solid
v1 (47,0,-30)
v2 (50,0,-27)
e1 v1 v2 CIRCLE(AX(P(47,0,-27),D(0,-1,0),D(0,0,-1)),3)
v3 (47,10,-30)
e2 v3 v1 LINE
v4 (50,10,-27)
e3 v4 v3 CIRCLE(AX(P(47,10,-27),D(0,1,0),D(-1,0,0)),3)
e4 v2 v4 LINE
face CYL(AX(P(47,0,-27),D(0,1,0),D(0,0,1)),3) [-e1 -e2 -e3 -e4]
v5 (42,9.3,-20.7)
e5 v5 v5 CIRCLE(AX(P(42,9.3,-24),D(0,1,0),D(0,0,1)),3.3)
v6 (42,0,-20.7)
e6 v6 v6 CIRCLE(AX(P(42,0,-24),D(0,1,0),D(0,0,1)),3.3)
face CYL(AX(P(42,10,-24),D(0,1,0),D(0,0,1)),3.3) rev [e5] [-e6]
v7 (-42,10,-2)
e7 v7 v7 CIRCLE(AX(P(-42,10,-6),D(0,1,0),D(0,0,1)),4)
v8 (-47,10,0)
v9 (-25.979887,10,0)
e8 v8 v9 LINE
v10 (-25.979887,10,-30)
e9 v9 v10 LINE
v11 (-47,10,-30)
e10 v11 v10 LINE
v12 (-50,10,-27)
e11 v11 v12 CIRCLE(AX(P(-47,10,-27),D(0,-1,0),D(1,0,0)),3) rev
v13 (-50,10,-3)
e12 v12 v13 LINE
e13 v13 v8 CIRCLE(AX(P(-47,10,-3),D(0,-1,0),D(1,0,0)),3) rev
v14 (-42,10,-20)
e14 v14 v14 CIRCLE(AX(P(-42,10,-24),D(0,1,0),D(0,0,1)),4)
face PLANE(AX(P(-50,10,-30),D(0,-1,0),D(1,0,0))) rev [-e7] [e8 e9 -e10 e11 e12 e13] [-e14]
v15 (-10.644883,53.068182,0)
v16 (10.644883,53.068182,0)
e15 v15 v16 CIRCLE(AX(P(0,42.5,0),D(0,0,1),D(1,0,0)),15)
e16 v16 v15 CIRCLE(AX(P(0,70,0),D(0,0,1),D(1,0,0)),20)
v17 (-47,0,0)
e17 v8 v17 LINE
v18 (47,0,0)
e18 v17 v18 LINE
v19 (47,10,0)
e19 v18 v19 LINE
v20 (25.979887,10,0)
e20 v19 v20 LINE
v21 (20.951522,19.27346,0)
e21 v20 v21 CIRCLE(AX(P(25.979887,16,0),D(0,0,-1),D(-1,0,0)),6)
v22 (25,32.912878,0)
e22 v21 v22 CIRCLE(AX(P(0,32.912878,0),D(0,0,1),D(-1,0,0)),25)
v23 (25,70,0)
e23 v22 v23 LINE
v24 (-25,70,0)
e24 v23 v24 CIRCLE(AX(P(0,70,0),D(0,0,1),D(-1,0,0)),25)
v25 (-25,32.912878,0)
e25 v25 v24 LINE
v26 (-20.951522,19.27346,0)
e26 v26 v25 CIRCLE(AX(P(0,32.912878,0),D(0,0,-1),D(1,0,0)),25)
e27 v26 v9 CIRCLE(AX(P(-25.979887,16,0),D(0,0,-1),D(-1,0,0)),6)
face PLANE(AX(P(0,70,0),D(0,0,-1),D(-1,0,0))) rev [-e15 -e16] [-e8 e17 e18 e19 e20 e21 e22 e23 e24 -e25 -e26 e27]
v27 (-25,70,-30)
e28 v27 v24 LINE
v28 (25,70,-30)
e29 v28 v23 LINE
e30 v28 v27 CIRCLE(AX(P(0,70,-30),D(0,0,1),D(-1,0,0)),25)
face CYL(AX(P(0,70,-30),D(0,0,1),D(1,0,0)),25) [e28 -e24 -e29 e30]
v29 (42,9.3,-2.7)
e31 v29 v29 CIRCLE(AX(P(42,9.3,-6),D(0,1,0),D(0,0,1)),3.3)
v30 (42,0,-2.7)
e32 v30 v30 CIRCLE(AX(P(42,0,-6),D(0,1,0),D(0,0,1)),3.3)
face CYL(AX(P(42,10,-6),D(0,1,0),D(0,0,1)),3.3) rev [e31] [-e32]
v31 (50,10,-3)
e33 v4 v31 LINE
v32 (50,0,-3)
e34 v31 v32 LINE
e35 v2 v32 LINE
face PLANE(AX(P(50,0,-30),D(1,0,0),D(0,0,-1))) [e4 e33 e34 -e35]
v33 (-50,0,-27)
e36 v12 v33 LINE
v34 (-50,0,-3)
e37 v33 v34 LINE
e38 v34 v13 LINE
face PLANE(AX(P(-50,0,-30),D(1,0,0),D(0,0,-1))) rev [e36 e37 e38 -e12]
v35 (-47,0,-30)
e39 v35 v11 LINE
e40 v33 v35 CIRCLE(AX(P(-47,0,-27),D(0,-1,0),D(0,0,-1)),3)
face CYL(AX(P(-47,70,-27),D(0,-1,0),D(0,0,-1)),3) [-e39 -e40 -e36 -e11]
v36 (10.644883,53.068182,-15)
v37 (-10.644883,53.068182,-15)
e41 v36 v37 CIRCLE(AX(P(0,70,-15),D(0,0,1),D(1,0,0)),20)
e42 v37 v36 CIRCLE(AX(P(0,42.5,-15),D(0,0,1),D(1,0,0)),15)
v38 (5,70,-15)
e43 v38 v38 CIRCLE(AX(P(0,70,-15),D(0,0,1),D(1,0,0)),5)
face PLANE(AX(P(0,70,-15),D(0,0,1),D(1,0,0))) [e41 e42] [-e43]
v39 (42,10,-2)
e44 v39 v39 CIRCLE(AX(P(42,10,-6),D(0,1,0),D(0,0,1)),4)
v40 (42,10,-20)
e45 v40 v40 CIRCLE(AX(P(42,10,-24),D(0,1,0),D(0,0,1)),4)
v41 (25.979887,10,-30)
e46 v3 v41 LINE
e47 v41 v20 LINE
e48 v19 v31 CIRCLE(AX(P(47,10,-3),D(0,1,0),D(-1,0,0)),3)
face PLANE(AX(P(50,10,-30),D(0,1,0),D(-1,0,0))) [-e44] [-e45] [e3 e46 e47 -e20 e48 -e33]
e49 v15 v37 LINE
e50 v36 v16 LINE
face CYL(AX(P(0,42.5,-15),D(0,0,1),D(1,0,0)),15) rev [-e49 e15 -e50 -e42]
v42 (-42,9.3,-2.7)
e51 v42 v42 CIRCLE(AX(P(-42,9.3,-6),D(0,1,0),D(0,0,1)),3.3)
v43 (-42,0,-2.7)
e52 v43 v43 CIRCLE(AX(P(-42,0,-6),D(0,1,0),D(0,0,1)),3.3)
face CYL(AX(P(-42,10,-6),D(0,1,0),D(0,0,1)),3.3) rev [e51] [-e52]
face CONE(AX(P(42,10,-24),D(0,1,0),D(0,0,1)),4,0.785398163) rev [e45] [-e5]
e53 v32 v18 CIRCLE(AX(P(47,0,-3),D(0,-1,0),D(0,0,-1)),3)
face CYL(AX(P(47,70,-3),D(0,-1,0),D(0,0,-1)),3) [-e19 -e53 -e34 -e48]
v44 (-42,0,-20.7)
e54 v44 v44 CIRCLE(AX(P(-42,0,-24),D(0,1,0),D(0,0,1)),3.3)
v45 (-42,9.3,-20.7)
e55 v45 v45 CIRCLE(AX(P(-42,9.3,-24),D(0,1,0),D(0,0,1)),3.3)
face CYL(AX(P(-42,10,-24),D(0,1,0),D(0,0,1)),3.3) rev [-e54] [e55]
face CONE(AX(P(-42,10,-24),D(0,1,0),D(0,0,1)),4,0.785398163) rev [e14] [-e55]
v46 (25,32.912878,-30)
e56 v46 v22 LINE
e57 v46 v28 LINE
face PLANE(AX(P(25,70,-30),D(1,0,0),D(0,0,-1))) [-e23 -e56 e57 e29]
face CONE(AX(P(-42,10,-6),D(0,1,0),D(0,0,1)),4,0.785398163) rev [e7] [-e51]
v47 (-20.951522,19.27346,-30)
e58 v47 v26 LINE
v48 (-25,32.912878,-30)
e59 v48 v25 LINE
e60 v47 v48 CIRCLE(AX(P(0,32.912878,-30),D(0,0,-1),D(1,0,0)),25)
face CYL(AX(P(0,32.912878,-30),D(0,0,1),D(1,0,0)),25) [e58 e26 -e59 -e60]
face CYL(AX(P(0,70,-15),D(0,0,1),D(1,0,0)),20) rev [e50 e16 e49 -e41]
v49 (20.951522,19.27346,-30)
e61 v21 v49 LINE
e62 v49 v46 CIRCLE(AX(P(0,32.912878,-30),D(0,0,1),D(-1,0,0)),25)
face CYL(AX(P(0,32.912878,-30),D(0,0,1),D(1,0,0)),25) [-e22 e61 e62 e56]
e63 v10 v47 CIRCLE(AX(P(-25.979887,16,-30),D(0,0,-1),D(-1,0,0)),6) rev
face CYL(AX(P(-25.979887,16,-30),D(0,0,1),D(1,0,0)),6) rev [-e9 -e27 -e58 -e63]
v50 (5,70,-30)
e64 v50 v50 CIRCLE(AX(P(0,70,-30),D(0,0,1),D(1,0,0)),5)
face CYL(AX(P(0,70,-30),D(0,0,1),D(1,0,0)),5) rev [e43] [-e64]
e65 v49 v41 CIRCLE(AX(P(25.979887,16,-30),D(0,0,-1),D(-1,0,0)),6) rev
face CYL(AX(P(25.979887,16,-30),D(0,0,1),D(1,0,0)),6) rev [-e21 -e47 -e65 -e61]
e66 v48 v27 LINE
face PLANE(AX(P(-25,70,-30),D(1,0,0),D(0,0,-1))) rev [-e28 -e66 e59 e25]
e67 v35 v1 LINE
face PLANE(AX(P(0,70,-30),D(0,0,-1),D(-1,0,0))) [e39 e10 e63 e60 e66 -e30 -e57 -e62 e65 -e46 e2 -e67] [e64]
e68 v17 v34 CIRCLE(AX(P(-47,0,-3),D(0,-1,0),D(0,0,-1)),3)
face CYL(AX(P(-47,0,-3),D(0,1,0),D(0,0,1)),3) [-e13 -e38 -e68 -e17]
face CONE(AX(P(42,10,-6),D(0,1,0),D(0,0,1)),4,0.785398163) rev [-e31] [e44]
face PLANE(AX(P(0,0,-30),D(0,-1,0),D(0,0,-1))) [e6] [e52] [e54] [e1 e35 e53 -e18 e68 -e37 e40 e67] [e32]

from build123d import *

# Parameters (mm, degrees)
EXTRUDE_1_DEPTH             = 30
SKETCH_5_R                  = 20
CUT_EXTRUDE_1_DEPTH         = 15
SKETCH_6_R                  = 5
CUT_EXTRUDE_2_DEPTH         = 109.397416943
FILLET_1_R                  = 6
SKETCH_7_R                  = 15
CUT_EXTRUDE_3_DEPTH         = 15
HOLE_WIZARD_M62_D           = 6.6
HOLE_WIZARD_M62_CSINK_D     = 8
HOLE_WIZARD_M62_CSINK_ANGLE = 90
PATTERN_LINEAR_1_COUNT      = 2
PATTERN_LINEAR_1_PITCH      = 18
PATTERN_LINEAR_1_COUNT_DIR2 = 2
PATTERN_LINEAR_1_PITCH_DIR2 = 84
FILLET_2_R                  = 3


with BuildPart() as part:
    # Эскиз4 → Бобышка-Вытянуть1 (new body)
    with BuildSketch(Plane.XY):
        with BuildLine():
            Line((0, 0), (50, 0))
            Line((50, 0), (50, 10))
            Line((50, 10), (10, 10))
            ThreePointArc((10, 10), (20.916500663, 19.219814537), (25, 32.912878475))
            Line((25, 32.912878475), (25, 70))
            ThreePointArc((25, 70), (17.67766953, 87.67766953), (0, 95))
            Line((0, 95), (0, 0))
        make_face()
    extrude_1 = extrude(amount=-EXTRUDE_1_DEPTH)

    # Зеркальное отражение1: Бобышка-Вытянуть1 across plane
    add(extrude_1.mirror(Plane(origin=(0, 0, -30), x_dir=(0, 0, 1), z_dir=(-1, 0, 0))))

    # Эскиз5 → Вырез-Вытянуть1 (cut)
    with BuildSketch(Plane.XY):
        with Locations((0, 70)):
            Circle(SKETCH_5_R)
    extrude(amount=-CUT_EXTRUDE_1_DEPTH, mode=Mode.SUBTRACT)

    # Эскиз6 → Вырез-Вытянуть2 (cut, through all)
    with BuildSketch(Plane.XY.offset(-15)):
        with Locations((0, 70)):
            Circle(SKETCH_6_R)
    extrude(amount=-CUT_EXTRUDE_2_DEPTH, mode=Mode.SUBTRACT)

    # Скругление1
    fillet_1_edges = [part.edges().sort_by_distance(p)[0] for p in [
        (10, 10, -15),
        (-10, 10, -15),
    ]]
    fillet(fillet_1_edges, radius=FILLET_1_R)

    # Эскиз7 → Вырез-Вытянуть3 (cut)
    with BuildSketch(Plane.XY):
        with Locations((0, 42.5)):
            Circle(SKETCH_7_R)
    extrude(amount=-CUT_EXTRUDE_3_DEPTH, mode=Mode.SUBTRACT)

    # Зенковка для винта с полупотайной головкой M62 (through all)
    with Locations(Plane(origin=(42, 10, -24), x_dir=(1, 0, 0), z_dir=(0, 1, 0))):
        with Locations((0, 0)):
            hole_wizard_m62 = CounterSinkHole(HOLE_WIZARD_M62_D / 2, HOLE_WIZARD_M62_CSINK_D / 2, counter_sink_angle=HOLE_WIZARD_M62_CSINK_ANGLE)

    # Линейный массив1: Hole Wizard M62 2 × 2
    with Locations(*[(-j * PATTERN_LINEAR_1_PITCH_DIR2, 0, i * PATTERN_LINEAR_1_PITCH) for i in range(PATTERN_LINEAR_1_COUNT) for j in range(PATTERN_LINEAR_1_COUNT_DIR2) if (i, j) != (0, 0)]):
        add(hole_wizard_m62, mode=Mode.SUBTRACT)

    # Скругление2
    fillet_2_edges = [part.edges().sort_by_distance(p)[0] for p in [
        (50, 5, -30),
        (-50, 5, 0),
        (-50, 5, -30),
        (50, 5, 0),
    ]]
    fillet(fillet_2_edges, radius=FILLET_2_R)


solid = part.part
